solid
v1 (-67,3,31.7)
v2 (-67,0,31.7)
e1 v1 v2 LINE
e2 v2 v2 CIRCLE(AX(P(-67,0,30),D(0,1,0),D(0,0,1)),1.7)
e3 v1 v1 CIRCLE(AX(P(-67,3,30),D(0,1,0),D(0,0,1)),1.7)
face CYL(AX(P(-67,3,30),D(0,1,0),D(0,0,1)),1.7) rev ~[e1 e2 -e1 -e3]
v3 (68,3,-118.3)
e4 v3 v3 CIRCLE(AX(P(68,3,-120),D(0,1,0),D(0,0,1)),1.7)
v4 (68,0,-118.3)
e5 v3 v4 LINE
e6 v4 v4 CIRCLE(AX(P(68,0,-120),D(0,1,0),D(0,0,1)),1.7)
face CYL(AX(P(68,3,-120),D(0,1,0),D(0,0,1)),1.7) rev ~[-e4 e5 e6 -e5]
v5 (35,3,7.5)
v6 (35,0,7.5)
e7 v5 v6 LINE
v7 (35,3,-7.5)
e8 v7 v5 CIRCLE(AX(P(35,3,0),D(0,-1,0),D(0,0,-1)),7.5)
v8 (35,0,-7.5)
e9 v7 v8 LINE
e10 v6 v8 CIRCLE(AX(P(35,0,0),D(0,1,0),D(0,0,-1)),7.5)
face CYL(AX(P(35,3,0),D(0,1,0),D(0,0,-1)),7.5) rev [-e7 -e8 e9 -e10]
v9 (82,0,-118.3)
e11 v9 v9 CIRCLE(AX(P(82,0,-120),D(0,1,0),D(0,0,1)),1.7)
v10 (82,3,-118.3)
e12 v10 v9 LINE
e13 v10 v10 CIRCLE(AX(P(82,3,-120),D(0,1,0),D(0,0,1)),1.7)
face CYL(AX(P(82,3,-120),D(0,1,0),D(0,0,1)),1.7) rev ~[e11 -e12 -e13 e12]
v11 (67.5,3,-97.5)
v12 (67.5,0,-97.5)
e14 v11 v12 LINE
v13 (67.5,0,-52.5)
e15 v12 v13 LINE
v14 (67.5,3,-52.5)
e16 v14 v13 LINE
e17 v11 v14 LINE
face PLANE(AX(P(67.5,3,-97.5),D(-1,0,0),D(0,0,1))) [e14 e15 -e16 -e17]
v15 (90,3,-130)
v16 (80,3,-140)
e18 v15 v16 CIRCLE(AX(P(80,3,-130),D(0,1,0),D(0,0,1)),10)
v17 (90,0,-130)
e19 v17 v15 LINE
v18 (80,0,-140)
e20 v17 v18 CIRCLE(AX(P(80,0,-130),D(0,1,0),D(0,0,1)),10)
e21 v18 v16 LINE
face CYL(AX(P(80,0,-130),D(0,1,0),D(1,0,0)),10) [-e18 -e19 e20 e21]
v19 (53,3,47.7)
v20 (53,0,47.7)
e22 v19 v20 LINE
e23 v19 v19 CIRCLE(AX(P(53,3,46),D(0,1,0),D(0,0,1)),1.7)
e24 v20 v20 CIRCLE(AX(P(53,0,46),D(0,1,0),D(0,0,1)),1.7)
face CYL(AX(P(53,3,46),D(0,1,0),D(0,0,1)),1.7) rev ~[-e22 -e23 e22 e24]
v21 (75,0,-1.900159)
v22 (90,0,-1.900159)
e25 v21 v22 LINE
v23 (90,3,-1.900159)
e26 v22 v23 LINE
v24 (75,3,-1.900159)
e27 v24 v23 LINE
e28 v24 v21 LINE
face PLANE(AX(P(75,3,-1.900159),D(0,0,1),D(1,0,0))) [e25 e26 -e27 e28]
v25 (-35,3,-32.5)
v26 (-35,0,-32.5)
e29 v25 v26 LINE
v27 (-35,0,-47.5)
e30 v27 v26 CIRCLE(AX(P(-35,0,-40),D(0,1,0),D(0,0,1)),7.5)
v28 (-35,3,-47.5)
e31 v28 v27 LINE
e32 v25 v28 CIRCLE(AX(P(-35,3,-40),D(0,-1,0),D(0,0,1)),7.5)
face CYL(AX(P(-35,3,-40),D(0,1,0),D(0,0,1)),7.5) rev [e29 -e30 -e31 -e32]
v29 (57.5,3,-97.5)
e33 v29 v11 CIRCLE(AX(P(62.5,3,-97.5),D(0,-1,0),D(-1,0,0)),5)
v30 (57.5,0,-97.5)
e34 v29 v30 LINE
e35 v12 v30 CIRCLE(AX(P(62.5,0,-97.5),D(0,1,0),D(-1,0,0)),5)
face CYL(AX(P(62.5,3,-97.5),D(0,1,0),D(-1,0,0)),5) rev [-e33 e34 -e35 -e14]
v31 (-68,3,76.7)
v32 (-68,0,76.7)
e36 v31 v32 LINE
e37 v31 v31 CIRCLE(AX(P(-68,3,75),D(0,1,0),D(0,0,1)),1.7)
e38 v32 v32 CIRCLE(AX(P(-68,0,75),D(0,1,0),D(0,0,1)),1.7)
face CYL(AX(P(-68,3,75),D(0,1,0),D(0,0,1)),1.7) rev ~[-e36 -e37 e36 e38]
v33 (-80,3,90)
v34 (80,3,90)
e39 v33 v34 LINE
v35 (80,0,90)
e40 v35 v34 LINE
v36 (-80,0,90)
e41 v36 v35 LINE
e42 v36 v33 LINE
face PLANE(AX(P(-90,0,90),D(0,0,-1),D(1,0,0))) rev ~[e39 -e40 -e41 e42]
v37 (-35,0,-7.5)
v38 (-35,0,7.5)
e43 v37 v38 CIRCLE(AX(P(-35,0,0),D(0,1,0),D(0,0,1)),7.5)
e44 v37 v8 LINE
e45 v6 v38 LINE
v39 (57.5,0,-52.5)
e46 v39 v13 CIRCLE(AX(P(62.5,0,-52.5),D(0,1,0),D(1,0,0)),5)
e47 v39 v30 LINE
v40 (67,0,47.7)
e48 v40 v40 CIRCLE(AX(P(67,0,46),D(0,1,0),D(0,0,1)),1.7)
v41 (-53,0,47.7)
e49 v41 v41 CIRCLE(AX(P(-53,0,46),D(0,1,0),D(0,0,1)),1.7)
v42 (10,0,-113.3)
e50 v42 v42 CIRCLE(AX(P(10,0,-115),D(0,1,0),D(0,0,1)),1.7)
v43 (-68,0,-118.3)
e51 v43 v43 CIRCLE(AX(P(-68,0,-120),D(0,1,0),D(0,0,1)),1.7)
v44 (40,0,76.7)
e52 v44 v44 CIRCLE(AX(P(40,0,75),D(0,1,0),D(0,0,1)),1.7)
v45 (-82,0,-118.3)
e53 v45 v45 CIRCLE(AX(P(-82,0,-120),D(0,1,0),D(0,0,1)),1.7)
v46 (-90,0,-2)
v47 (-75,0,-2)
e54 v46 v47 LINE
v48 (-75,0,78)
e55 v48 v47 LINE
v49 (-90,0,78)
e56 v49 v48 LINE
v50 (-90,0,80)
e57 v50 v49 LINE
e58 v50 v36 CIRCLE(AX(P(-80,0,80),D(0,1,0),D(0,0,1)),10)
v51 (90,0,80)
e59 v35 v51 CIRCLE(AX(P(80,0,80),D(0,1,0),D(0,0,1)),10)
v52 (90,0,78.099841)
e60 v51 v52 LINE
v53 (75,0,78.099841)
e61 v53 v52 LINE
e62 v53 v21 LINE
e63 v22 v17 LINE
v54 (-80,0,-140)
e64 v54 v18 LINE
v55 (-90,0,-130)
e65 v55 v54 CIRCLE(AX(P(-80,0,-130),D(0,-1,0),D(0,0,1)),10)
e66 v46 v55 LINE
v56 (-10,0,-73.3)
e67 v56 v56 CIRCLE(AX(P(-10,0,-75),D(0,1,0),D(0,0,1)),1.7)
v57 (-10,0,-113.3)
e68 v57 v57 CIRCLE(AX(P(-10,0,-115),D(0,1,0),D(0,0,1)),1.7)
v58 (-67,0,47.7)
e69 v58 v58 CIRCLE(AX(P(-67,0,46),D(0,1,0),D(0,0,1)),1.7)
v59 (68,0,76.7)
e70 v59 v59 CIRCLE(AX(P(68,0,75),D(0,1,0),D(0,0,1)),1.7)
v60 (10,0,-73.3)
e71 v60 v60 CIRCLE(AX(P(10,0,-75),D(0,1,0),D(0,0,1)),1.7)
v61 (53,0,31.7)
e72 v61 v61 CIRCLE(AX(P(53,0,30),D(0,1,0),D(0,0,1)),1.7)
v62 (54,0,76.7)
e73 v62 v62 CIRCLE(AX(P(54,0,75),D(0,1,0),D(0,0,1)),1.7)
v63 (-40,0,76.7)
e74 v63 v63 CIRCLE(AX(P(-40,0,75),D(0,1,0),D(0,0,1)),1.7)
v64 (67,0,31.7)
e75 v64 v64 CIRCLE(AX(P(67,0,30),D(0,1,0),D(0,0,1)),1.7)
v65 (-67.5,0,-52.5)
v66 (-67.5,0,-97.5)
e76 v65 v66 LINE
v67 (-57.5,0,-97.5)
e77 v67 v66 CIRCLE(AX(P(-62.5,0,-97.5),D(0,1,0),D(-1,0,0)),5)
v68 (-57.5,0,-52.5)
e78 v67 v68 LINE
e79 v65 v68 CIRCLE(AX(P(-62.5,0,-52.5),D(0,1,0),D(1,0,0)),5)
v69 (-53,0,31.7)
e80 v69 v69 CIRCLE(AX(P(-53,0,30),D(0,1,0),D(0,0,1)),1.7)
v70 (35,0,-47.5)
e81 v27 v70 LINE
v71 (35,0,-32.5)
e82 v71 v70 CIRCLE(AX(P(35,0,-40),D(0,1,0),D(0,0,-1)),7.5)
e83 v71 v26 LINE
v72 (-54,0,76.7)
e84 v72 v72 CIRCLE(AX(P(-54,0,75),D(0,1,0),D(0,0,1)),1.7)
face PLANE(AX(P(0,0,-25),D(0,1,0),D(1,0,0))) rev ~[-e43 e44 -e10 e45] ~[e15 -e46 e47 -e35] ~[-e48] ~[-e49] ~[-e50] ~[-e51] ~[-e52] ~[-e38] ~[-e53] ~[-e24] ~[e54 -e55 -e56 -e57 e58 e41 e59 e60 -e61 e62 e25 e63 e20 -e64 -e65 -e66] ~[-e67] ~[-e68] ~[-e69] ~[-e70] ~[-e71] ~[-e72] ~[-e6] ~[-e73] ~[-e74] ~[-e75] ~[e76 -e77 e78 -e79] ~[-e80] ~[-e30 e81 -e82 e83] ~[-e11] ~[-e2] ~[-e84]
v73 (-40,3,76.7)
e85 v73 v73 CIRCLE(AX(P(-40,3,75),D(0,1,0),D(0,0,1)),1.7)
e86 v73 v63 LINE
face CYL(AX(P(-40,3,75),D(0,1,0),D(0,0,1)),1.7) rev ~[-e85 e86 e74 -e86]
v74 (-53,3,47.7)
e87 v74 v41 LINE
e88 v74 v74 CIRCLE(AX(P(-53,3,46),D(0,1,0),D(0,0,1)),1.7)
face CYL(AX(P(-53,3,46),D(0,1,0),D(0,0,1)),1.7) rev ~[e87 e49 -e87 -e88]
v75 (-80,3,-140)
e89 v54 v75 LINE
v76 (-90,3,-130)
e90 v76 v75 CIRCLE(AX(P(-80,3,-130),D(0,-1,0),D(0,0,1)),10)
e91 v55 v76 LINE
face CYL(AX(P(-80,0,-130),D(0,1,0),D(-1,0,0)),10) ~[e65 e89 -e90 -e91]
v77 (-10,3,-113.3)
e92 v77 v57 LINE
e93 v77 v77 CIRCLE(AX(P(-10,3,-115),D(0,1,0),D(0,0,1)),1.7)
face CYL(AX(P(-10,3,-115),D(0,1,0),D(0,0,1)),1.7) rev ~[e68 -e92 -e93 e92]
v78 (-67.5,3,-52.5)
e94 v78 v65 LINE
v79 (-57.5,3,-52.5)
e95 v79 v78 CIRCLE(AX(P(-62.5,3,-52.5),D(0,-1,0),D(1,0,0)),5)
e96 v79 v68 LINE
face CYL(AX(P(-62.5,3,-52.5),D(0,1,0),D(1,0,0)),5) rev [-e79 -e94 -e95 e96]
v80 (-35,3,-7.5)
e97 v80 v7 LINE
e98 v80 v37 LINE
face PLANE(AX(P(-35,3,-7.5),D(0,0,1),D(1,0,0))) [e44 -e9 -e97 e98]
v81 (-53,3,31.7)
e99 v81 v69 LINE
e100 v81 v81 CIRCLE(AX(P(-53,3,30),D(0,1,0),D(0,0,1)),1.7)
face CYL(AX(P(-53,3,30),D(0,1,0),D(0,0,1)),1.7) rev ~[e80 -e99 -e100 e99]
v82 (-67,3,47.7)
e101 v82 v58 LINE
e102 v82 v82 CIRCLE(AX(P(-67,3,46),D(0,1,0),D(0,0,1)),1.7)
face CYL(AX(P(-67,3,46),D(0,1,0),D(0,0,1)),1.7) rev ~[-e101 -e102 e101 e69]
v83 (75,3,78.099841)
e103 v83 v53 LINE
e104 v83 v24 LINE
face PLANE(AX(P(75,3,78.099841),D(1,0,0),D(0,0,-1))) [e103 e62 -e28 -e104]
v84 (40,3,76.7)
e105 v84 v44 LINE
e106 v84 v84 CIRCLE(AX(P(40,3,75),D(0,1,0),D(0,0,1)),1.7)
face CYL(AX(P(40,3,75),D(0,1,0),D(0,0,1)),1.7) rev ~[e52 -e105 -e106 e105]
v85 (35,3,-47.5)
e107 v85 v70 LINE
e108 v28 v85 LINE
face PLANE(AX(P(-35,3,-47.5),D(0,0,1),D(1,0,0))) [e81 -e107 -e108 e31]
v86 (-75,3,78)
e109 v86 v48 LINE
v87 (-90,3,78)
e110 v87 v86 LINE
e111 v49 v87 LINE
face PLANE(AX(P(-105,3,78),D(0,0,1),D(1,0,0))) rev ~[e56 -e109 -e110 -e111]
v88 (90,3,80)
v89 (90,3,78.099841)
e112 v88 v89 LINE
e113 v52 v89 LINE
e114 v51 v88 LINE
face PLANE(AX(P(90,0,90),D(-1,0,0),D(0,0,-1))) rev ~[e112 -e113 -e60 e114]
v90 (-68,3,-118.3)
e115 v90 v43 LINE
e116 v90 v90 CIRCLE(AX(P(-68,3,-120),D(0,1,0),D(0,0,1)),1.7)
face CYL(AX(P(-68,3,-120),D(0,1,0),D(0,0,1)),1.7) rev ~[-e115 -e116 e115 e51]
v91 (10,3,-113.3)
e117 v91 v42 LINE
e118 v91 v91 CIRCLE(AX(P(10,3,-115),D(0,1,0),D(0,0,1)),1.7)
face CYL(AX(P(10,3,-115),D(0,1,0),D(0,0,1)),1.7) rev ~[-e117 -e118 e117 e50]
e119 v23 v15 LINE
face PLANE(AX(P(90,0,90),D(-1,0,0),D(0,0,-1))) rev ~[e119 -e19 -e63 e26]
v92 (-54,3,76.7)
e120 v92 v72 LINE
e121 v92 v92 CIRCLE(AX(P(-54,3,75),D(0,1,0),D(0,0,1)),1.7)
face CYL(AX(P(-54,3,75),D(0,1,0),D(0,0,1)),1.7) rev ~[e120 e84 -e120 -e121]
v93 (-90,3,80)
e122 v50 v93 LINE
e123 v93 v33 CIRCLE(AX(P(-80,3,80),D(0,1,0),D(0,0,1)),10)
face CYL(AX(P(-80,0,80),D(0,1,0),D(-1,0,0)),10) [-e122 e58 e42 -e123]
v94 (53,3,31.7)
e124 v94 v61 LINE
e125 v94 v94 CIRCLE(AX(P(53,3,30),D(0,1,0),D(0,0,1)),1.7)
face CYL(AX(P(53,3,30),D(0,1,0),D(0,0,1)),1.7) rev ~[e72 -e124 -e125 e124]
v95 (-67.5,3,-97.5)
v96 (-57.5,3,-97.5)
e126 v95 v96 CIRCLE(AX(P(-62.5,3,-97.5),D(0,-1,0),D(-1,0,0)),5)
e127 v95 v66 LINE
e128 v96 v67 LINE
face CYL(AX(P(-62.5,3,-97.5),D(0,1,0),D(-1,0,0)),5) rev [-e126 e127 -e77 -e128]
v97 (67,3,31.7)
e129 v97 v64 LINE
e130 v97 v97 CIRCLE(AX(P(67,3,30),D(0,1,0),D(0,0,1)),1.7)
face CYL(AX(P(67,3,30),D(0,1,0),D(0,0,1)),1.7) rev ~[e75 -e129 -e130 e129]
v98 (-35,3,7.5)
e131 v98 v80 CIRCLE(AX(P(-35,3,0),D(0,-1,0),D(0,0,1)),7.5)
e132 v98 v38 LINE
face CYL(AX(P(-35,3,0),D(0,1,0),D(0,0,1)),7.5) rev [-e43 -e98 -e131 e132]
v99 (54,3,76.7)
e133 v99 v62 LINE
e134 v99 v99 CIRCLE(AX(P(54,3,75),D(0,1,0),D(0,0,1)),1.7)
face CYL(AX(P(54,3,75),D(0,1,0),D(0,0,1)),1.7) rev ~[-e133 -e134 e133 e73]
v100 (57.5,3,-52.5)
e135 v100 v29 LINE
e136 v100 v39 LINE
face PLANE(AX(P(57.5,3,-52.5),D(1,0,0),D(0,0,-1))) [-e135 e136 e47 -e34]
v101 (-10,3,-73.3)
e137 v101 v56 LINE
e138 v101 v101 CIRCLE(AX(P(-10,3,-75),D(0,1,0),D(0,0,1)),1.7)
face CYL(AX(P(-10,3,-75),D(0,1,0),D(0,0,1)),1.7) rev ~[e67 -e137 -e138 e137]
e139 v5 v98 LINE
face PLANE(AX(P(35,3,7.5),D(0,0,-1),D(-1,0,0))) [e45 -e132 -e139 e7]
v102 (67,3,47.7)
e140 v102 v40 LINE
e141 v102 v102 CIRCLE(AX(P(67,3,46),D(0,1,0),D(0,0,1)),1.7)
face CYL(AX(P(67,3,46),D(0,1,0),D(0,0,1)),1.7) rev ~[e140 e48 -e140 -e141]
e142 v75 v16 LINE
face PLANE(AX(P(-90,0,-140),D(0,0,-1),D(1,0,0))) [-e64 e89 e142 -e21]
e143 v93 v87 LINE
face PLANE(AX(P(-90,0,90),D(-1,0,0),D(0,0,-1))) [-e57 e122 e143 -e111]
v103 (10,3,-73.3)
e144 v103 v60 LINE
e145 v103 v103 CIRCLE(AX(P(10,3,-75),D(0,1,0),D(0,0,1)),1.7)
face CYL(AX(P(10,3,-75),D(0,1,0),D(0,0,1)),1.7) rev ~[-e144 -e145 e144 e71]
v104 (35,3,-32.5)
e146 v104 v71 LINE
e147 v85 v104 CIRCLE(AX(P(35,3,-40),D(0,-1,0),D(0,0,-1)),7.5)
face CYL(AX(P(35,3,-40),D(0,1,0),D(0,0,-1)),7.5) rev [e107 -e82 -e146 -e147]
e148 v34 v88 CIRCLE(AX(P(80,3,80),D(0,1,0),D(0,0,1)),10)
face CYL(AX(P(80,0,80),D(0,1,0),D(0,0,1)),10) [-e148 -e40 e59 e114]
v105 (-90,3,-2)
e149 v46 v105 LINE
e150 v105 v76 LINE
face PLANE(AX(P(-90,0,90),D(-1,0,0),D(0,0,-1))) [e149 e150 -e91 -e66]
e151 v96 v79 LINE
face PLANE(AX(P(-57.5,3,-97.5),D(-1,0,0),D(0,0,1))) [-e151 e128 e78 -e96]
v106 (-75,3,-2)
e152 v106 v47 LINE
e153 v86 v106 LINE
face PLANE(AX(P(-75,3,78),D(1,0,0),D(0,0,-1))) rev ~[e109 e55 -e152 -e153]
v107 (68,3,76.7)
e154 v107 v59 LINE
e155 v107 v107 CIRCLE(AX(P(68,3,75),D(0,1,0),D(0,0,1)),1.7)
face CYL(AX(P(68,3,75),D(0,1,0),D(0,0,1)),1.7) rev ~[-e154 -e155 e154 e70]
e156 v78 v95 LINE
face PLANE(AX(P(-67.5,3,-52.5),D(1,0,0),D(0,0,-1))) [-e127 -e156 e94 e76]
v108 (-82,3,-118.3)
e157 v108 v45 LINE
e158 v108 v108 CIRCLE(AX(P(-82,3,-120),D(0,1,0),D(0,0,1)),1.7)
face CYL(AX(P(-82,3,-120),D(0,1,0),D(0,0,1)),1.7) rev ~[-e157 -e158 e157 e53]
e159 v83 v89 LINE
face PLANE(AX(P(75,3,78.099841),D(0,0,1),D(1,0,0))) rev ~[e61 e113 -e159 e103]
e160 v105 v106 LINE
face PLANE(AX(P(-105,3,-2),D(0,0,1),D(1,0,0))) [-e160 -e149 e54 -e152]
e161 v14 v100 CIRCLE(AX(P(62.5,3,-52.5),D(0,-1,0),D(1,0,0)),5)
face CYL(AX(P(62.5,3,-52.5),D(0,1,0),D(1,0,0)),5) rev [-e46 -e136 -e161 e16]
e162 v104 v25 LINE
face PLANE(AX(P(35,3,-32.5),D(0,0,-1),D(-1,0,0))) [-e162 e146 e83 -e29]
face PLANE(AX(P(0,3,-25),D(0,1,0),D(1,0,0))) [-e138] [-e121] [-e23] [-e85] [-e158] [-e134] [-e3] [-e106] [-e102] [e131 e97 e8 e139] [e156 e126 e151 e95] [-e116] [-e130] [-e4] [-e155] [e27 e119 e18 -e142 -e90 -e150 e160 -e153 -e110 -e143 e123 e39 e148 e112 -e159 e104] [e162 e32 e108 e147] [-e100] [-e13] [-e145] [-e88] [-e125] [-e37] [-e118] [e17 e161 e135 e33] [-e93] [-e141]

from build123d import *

# Parameters (mm, degrees)
SKETCH1_W           = 180
SKETCH1_H           = 230
BOSS_EXTRUDE1_DEPTH = 3
FILLET1_R           = 10
SKETCH2_R           = 1.7
CUT_EXTRUDE1_DEPTH  = 3
SKETCH3_R           = 1.7
CUT_EXTRUDE2_DEPTH  = 3
SKETCH7_W           = 30
SKETCH7_H           = 80
CUT_EXTRUDE7_DEPTH  = 167.460205455
CUT_EXTRUDE8_DEPTH  = 167.460205455


with BuildPart() as part:
    # Sketch1 → Boss-Extrude1 (new body)
    with BuildSketch(Plane(origin=(0, 0, 0), x_dir=(1, 0, 0), z_dir=(0, 1, 0))):
        with Locations((0, 25)):
            Rectangle(SKETCH1_W, SKETCH1_H)
    extrude(amount=BOSS_EXTRUDE1_DEPTH)

    # Fillet1
    fillet1_edges = [part.edges().sort_by_distance(p)[0] for p in [
        (90, 1.5, 90),
        (-90, 1.5, 90),
        (-90, 1.5, -140),
        (90, 1.5, -140),
    ]]
    fillet(fillet1_edges, radius=FILLET1_R)

    # Sketch2 → Cut-Extrude1 (cut)
    with BuildSketch(Plane(origin=(0, 3, 0), x_dir=(1, 0, 0), z_dir=(0, 1, 0))):
        with Locations(Location((-82, 120, 0), (0, 0, 270))):
            Circle(SKETCH2_R)
        with Locations(Location((-68, 120, 0), (0, 0, 270))):
            Circle(SKETCH2_R)
        with Locations(Location((68, 120, 0), (0, 0, 270))):
            Circle(SKETCH2_R)
        with Locations(Location((82, 120, 0), (0, 0, 270))):
            Circle(SKETCH2_R)
        with Locations(Location((-82, -75, 0), (0, 0, 270))):
            Circle(SKETCH2_R)
        with Locations(Location((-68, -75, 0), (0, 0, 270))):
            Circle(SKETCH2_R)
        with Locations(Location((68, -75, 0), (0, 0, 270))):
            Circle(SKETCH2_R)
        with Locations(Location((82, -75, 0), (0, 0, 270))):
            Circle(SKETCH2_R)
        with Locations(Location((-67, -30, 0), (0, 0, 270))):
            Circle(SKETCH2_R)
        with Locations(Location((-67, -46, 0), (0, 0, 270))):
            Circle(SKETCH2_R)
        with Locations(Location((-53, -30, 0), (0, 0, 270))):
            Circle(SKETCH2_R)
        with Locations(Location((-53, -46, 0), (0, 0, 270))):
            Circle(SKETCH2_R)
        with Locations(Location((53, -30, 0), (0, 0, 270))):
            Circle(SKETCH2_R)
        with Locations(Location((53, -46, 0), (0, 0, 270))):
            Circle(SKETCH2_R)
        with Locations(Location((67, -30, 0), (0, 0, 270))):
            Circle(SKETCH2_R)
        with Locations(Location((67, -46, 0), (0, 0, 270))):
            Circle(SKETCH2_R)
        with Locations(Location((-54, -75, 0), (0, 0, 270))):
            Circle(SKETCH2_R)
        with Locations(Location((54, -75, 0), (0, 0, 270))):
            Circle(SKETCH2_R)
        with Locations(Location((-40, -75, 0), (0, 0, 270))):
            Circle(SKETCH2_R)
        with Locations(Location((40, -75, 0), (0, 0, 270))):
            Circle(SKETCH2_R)
    extrude(amount=-CUT_EXTRUDE1_DEPTH, mode=Mode.SUBTRACT)

    # Sketch3 → Cut-Extrude2 (cut)
    with BuildSketch(Plane(origin=(0, 3, 0), x_dir=(1, 0, 0), z_dir=(0, 1, 0))):
        with Locations(Location((10, 75, 0), (0, 0, 270))):
            Circle(SKETCH3_R)
        with Locations(Location((-10, 75, 0), (0, 0, 270))):
            Circle(SKETCH3_R)
        with Locations(Location((-10, 115, 0), (0, 0, 270))):
            Circle(SKETCH3_R)
        with Locations(Location((10, 115, 0), (0, 0, 270))):
            Circle(SKETCH3_R)
    extrude(amount=-CUT_EXTRUDE2_DEPTH, mode=Mode.SUBTRACT)

    # Sketch7 → Cut-Extrude7 (cut, through all)
    with BuildSketch(Plane(origin=(0, 3, 0), x_dir=(1, 0, 0), z_dir=(0, 1, 0))):
        with Locations((-90, -38)):
            Rectangle(SKETCH7_W, SKETCH7_H)
        with Locations((90, -38.099840659)):
            Rectangle(SKETCH7_W, SKETCH7_H)
    extrude(amount=-CUT_EXTRUDE7_DEPTH, mode=Mode.SUBTRACT)

    # Sketch8 → Cut-Extrude8 (cut, through all)
    with BuildSketch(Plane(origin=(0, 3, 0), x_dir=(1, 0, 0), z_dir=(0, 1, 0))):
        with BuildLine():
            Line((-35, 47.5), (35, 47.5))
            ThreePointArc((35, 47.5), (42.5, 40), (35, 32.5))
            Line((35, 32.5), (-35, 32.5))
            ThreePointArc((-35, 32.5), (-42.5, 40), (-35, 47.5))
        make_face()
        with BuildLine():
            Line((-35, 7.5), (35, 7.5))
            ThreePointArc((35, 7.5), (42.5, 0), (35, -7.5))
            Line((35, -7.5), (-35, -7.5))
            ThreePointArc((-35, -7.5), (-42.5, 0), (-35, 7.5))
        make_face()
        with BuildLine():
            Line((-57.5, 97.5), (-57.5, 52.5))
            ThreePointArc((-57.5, 52.5), (-62.5, 47.5), (-67.5, 52.5))
            Line((-67.5, 52.5), (-67.5, 97.5))
            ThreePointArc((-67.5, 97.5), (-62.5, 102.5), (-57.5, 97.5))
        make_face()
        with BuildLine():
            Line((67.5, 97.5), (67.5, 52.5))
            ThreePointArc((67.5, 52.5), (62.5, 47.5), (57.5, 52.5))
            Line((57.5, 52.5), (57.5, 97.5))
            ThreePointArc((57.5, 97.5), (62.5, 102.5), (67.5, 97.5))
        make_face()
    extrude(amount=-CUT_EXTRUDE8_DEPTH, mode=Mode.SUBTRACT)


solid = part.part
